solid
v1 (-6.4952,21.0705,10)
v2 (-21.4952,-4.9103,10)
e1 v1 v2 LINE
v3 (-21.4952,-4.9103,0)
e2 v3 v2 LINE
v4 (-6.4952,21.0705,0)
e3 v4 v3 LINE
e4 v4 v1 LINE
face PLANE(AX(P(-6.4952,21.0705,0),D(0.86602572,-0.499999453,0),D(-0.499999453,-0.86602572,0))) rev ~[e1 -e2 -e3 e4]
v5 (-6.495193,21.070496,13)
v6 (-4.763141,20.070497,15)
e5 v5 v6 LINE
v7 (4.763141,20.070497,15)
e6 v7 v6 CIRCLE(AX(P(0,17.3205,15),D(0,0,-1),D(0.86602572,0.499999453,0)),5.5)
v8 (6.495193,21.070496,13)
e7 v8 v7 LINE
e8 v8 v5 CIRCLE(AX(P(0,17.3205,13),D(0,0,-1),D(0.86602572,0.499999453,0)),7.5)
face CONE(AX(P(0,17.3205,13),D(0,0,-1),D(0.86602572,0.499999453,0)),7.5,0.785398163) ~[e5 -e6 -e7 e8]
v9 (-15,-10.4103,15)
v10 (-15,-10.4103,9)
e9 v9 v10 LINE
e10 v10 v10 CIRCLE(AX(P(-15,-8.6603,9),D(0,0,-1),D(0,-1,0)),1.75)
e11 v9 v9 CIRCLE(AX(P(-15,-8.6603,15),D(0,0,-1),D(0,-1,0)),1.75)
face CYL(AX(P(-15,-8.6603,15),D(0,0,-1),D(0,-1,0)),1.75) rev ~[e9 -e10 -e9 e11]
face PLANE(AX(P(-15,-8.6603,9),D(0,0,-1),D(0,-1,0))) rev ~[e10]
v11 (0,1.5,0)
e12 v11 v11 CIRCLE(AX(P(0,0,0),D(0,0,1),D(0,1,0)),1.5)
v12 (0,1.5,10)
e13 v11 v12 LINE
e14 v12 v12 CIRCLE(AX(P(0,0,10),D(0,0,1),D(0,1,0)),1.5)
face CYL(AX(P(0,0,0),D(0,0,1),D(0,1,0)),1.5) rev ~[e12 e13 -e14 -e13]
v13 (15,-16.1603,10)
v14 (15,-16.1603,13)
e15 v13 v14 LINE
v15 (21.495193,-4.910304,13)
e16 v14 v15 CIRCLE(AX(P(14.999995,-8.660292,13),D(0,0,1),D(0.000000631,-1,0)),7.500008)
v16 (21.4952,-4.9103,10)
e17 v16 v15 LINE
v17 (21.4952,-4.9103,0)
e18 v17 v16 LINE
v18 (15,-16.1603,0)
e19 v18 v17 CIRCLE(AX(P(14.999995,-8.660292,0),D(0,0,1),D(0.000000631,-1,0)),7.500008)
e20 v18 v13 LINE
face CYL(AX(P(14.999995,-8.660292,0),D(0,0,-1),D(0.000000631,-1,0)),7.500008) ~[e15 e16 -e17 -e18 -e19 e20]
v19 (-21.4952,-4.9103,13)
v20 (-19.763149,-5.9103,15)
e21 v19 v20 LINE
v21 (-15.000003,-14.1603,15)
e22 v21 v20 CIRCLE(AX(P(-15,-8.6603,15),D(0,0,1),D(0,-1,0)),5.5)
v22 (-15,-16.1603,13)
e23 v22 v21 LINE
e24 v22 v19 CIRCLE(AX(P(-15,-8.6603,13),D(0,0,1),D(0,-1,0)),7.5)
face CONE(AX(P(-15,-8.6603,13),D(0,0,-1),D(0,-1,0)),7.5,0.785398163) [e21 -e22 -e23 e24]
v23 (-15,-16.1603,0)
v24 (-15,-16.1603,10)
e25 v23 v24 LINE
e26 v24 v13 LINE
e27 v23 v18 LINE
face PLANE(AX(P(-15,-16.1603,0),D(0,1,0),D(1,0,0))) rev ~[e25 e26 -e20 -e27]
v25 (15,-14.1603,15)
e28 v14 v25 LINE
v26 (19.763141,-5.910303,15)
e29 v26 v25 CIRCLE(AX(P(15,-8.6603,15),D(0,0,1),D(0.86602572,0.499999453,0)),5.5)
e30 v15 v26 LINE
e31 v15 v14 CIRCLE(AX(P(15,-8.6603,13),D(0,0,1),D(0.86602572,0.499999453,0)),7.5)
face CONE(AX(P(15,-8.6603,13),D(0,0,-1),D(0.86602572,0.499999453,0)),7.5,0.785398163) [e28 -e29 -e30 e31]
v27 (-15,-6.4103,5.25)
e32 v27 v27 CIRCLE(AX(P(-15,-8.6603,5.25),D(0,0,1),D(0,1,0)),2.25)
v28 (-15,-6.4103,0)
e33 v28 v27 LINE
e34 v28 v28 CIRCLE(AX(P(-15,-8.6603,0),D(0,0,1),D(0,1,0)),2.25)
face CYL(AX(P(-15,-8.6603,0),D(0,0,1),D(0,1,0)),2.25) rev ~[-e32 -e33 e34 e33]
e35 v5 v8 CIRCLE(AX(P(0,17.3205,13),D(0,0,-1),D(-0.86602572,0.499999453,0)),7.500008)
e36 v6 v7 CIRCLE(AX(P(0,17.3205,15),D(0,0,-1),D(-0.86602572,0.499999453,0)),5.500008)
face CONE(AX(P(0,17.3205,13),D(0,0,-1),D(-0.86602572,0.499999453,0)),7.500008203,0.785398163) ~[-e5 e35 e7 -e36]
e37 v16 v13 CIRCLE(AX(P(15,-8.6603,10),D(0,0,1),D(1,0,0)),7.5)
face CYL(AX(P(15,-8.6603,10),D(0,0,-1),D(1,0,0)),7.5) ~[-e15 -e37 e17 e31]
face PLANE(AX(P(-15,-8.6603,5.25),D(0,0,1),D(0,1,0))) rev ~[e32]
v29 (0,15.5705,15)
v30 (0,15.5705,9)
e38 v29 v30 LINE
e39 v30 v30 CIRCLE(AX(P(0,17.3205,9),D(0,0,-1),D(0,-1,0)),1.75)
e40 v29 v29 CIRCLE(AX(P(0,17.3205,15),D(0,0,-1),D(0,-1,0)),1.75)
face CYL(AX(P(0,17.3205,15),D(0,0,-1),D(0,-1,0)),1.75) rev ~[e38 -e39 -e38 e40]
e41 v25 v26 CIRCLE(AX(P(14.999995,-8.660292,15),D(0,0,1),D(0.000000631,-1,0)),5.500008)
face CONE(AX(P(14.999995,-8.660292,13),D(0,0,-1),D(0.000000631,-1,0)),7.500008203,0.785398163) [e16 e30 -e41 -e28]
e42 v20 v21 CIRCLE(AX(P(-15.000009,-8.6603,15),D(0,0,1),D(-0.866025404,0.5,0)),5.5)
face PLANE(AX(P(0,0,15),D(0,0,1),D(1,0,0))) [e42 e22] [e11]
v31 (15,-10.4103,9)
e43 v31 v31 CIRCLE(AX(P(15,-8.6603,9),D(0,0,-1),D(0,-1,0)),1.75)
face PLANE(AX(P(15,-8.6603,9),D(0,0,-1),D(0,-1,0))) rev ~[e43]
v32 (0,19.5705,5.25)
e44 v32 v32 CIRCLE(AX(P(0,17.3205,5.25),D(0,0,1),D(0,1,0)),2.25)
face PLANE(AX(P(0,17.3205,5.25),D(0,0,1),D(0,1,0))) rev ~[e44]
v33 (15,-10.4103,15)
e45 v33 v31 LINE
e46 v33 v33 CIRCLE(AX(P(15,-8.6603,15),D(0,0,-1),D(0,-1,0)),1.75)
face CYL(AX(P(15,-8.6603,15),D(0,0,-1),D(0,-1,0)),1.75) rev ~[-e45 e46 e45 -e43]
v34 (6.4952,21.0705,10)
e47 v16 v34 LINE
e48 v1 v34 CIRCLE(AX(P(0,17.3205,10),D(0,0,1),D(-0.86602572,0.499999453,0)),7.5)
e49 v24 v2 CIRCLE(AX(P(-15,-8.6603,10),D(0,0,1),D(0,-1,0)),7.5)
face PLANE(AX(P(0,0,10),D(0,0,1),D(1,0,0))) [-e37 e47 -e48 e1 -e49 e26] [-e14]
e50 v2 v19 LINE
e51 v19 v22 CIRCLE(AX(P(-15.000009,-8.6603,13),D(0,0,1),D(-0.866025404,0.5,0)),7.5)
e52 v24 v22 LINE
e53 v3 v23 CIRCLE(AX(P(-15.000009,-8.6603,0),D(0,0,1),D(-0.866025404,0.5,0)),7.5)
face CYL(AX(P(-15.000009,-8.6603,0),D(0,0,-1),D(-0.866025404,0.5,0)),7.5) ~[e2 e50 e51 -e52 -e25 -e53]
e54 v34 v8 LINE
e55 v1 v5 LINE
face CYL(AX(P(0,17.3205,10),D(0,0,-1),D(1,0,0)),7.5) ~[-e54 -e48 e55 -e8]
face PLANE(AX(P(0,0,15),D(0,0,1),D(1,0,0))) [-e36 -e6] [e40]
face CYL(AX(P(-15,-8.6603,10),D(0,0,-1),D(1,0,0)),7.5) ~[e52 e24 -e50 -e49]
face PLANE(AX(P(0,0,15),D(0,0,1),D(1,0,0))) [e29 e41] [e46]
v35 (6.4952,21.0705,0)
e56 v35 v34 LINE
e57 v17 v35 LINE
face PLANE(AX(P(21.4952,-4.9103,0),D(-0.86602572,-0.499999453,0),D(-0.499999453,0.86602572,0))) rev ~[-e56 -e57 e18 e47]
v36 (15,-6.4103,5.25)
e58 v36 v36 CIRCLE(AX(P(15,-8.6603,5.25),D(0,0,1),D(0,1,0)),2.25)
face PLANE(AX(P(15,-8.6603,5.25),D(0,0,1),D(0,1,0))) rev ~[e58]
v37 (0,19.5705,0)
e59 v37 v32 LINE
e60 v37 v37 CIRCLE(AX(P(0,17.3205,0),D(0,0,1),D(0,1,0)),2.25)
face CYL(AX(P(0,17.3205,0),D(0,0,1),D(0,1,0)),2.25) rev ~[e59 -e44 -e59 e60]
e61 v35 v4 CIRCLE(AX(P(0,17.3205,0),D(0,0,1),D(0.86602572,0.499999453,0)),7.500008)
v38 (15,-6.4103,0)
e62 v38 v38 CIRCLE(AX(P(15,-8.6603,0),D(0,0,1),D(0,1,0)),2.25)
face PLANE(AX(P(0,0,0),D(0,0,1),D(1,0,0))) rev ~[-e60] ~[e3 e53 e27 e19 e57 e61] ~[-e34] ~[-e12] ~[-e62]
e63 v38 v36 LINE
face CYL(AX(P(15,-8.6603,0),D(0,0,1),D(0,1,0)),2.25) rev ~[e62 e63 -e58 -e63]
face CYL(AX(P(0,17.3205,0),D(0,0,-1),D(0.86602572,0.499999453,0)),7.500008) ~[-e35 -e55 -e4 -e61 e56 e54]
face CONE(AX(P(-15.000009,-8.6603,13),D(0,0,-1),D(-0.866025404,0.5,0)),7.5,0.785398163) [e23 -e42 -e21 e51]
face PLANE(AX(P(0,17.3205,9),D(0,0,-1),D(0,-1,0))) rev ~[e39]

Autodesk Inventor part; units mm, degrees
ref_plane "YZ Plane" through (0, 0, 0) normal (1, 0, 0) x (0, 1, 0)
ref_plane "XZ Plane" through (0, 0, 0) normal (0, 1, 0) x (-1, 0, 0)
ref_plane "XY Plane" through (0, 0, 0) normal (0, 0, 1) x (1, 0, 0)
sketch "Sketch1" plane through (0, 0, 0) normal (0, 0, 1) x (1, 0, 0)
  circle A0 centre (0, 0) radius 2 projected
  circle A1 centre (0, 17.3205) radius 2 projected
  circle A2 centre (-15, -8.6603) radius 2 projected
  circle A3 centre (15, -8.6603) radius 2 projected
  line L0 (-15, -16.1603) -> (15, -16.1603)
  line L1 (21.4952, -4.9103) -> (6.4952, 21.0705)
  line L2 (-6.4952, 21.0705) -> (-21.4952, -4.9103)
  arc A4 (6.4952, 21.0705) -> (-6.4952, 21.0705) centre (0, 17.3205) ccw
  arc A5 (15, -16.1603) -> (21.4952, -4.9103) centre (15, -8.6603) ccw
  arc A6 (-21.4952, -4.9103) -> (-15, -16.1603) centre (-15, -8.6603) ccw
  line L3 (15.512, -26.8675) -> (-15.512, -26.8675) projected
  line L4 (15.512, 26.8675) -> (31.0239, 0) projected
  line L5 (-31.0239, 0) -> (-15.512, 26.8675) projected
  line L6 (-31.0239, 0) -> (-15.512, -26.8675) projected
  line L7 (15.512, -26.8675) -> (31.0239, 0) projected
  line L8 (15.512, 26.8675) -> (-15.512, 26.8675) projected
  point P0 (0, 0)
  dimension "d3" = 7.5
extrude "Extrusion1" add sketch "Sketch1" along normal blind 10 contours A0 | A1 | A2 | A3 | A6 L2 A4 L1 A5 L0
sketch "Sketch2" plane through (0, 0, 0) normal (0, 0, -1) x (-1, 0, 0)
  arc A0 (15, -16.1603) -> (21.4952, -4.9103) centre (15, -8.6603) ccw projected
  arc A1 (6.4952, 21.0705) -> (-6.4952, 21.0705) centre (0, 17.3205) ccw projected
  arc A2 (-21.4952, -4.9103) -> (-15, -16.1603) centre (-15, -8.6603) ccw projected
  point P0 (0, 0)
hole "Hole1" at (0, 17.3205, 0) at (15, -8.6603, 0) at (-15, -8.6603, 0) direction (0, 0, 1) diameter 4.5 depth 5.25
sketch "Sketch3" plane through (0, 0, 0) normal (0, 0, -1) x (-1, 0, 0)
  point P0 (0, 0)
hole "Hole2" at (0, 0, 0) direction (0, 0, 1) diameter 3 end through all
sketch "Sketch4" plane through (0, 0, 10) normal (0, 0, 1) x (1, 0, 0)
  arc A0 (15, -16.1603) -> (21.4952, -4.9103) centre (15, -8.6603) ccw projected
  arc A1 (6.4952, 21.0705) -> (-6.4952, 21.0705) centre (0, 17.3205) ccw projected
  arc A2 (-21.4952, -4.9103) -> (-15, -16.1603) centre (-15, -8.6603) ccw projected
  circle A3 centre (0, 17.3205) radius 7.5
  circle A4 centre (15, -8.6603) radius 7.5
  circle A5 centre (-15, -8.6603) radius 7.5
extrude "Extrusion2" add sketch "Sketch4" along normal blind 5
chamfer "Chamfer1" distance 2 angle 45 3 edges at (-22.5, -8.6603, 15) (-7.5, 17.3205, 15) (7.5, -8.6603, 15)
hole "Hole3" at (0, 17.3205, 15) direction (0, 0, -1) diameter 3.5 depth 6
hole "Hole4" at (15, -8.6603, 15) direction (0, 0, -1) diameter 3.5 depth 6
hole "Hole5" at (-15, -8.6603, 15) direction (0, 0, -1) diameter 3.5 depth 6
properties part number "ShellFrame"
